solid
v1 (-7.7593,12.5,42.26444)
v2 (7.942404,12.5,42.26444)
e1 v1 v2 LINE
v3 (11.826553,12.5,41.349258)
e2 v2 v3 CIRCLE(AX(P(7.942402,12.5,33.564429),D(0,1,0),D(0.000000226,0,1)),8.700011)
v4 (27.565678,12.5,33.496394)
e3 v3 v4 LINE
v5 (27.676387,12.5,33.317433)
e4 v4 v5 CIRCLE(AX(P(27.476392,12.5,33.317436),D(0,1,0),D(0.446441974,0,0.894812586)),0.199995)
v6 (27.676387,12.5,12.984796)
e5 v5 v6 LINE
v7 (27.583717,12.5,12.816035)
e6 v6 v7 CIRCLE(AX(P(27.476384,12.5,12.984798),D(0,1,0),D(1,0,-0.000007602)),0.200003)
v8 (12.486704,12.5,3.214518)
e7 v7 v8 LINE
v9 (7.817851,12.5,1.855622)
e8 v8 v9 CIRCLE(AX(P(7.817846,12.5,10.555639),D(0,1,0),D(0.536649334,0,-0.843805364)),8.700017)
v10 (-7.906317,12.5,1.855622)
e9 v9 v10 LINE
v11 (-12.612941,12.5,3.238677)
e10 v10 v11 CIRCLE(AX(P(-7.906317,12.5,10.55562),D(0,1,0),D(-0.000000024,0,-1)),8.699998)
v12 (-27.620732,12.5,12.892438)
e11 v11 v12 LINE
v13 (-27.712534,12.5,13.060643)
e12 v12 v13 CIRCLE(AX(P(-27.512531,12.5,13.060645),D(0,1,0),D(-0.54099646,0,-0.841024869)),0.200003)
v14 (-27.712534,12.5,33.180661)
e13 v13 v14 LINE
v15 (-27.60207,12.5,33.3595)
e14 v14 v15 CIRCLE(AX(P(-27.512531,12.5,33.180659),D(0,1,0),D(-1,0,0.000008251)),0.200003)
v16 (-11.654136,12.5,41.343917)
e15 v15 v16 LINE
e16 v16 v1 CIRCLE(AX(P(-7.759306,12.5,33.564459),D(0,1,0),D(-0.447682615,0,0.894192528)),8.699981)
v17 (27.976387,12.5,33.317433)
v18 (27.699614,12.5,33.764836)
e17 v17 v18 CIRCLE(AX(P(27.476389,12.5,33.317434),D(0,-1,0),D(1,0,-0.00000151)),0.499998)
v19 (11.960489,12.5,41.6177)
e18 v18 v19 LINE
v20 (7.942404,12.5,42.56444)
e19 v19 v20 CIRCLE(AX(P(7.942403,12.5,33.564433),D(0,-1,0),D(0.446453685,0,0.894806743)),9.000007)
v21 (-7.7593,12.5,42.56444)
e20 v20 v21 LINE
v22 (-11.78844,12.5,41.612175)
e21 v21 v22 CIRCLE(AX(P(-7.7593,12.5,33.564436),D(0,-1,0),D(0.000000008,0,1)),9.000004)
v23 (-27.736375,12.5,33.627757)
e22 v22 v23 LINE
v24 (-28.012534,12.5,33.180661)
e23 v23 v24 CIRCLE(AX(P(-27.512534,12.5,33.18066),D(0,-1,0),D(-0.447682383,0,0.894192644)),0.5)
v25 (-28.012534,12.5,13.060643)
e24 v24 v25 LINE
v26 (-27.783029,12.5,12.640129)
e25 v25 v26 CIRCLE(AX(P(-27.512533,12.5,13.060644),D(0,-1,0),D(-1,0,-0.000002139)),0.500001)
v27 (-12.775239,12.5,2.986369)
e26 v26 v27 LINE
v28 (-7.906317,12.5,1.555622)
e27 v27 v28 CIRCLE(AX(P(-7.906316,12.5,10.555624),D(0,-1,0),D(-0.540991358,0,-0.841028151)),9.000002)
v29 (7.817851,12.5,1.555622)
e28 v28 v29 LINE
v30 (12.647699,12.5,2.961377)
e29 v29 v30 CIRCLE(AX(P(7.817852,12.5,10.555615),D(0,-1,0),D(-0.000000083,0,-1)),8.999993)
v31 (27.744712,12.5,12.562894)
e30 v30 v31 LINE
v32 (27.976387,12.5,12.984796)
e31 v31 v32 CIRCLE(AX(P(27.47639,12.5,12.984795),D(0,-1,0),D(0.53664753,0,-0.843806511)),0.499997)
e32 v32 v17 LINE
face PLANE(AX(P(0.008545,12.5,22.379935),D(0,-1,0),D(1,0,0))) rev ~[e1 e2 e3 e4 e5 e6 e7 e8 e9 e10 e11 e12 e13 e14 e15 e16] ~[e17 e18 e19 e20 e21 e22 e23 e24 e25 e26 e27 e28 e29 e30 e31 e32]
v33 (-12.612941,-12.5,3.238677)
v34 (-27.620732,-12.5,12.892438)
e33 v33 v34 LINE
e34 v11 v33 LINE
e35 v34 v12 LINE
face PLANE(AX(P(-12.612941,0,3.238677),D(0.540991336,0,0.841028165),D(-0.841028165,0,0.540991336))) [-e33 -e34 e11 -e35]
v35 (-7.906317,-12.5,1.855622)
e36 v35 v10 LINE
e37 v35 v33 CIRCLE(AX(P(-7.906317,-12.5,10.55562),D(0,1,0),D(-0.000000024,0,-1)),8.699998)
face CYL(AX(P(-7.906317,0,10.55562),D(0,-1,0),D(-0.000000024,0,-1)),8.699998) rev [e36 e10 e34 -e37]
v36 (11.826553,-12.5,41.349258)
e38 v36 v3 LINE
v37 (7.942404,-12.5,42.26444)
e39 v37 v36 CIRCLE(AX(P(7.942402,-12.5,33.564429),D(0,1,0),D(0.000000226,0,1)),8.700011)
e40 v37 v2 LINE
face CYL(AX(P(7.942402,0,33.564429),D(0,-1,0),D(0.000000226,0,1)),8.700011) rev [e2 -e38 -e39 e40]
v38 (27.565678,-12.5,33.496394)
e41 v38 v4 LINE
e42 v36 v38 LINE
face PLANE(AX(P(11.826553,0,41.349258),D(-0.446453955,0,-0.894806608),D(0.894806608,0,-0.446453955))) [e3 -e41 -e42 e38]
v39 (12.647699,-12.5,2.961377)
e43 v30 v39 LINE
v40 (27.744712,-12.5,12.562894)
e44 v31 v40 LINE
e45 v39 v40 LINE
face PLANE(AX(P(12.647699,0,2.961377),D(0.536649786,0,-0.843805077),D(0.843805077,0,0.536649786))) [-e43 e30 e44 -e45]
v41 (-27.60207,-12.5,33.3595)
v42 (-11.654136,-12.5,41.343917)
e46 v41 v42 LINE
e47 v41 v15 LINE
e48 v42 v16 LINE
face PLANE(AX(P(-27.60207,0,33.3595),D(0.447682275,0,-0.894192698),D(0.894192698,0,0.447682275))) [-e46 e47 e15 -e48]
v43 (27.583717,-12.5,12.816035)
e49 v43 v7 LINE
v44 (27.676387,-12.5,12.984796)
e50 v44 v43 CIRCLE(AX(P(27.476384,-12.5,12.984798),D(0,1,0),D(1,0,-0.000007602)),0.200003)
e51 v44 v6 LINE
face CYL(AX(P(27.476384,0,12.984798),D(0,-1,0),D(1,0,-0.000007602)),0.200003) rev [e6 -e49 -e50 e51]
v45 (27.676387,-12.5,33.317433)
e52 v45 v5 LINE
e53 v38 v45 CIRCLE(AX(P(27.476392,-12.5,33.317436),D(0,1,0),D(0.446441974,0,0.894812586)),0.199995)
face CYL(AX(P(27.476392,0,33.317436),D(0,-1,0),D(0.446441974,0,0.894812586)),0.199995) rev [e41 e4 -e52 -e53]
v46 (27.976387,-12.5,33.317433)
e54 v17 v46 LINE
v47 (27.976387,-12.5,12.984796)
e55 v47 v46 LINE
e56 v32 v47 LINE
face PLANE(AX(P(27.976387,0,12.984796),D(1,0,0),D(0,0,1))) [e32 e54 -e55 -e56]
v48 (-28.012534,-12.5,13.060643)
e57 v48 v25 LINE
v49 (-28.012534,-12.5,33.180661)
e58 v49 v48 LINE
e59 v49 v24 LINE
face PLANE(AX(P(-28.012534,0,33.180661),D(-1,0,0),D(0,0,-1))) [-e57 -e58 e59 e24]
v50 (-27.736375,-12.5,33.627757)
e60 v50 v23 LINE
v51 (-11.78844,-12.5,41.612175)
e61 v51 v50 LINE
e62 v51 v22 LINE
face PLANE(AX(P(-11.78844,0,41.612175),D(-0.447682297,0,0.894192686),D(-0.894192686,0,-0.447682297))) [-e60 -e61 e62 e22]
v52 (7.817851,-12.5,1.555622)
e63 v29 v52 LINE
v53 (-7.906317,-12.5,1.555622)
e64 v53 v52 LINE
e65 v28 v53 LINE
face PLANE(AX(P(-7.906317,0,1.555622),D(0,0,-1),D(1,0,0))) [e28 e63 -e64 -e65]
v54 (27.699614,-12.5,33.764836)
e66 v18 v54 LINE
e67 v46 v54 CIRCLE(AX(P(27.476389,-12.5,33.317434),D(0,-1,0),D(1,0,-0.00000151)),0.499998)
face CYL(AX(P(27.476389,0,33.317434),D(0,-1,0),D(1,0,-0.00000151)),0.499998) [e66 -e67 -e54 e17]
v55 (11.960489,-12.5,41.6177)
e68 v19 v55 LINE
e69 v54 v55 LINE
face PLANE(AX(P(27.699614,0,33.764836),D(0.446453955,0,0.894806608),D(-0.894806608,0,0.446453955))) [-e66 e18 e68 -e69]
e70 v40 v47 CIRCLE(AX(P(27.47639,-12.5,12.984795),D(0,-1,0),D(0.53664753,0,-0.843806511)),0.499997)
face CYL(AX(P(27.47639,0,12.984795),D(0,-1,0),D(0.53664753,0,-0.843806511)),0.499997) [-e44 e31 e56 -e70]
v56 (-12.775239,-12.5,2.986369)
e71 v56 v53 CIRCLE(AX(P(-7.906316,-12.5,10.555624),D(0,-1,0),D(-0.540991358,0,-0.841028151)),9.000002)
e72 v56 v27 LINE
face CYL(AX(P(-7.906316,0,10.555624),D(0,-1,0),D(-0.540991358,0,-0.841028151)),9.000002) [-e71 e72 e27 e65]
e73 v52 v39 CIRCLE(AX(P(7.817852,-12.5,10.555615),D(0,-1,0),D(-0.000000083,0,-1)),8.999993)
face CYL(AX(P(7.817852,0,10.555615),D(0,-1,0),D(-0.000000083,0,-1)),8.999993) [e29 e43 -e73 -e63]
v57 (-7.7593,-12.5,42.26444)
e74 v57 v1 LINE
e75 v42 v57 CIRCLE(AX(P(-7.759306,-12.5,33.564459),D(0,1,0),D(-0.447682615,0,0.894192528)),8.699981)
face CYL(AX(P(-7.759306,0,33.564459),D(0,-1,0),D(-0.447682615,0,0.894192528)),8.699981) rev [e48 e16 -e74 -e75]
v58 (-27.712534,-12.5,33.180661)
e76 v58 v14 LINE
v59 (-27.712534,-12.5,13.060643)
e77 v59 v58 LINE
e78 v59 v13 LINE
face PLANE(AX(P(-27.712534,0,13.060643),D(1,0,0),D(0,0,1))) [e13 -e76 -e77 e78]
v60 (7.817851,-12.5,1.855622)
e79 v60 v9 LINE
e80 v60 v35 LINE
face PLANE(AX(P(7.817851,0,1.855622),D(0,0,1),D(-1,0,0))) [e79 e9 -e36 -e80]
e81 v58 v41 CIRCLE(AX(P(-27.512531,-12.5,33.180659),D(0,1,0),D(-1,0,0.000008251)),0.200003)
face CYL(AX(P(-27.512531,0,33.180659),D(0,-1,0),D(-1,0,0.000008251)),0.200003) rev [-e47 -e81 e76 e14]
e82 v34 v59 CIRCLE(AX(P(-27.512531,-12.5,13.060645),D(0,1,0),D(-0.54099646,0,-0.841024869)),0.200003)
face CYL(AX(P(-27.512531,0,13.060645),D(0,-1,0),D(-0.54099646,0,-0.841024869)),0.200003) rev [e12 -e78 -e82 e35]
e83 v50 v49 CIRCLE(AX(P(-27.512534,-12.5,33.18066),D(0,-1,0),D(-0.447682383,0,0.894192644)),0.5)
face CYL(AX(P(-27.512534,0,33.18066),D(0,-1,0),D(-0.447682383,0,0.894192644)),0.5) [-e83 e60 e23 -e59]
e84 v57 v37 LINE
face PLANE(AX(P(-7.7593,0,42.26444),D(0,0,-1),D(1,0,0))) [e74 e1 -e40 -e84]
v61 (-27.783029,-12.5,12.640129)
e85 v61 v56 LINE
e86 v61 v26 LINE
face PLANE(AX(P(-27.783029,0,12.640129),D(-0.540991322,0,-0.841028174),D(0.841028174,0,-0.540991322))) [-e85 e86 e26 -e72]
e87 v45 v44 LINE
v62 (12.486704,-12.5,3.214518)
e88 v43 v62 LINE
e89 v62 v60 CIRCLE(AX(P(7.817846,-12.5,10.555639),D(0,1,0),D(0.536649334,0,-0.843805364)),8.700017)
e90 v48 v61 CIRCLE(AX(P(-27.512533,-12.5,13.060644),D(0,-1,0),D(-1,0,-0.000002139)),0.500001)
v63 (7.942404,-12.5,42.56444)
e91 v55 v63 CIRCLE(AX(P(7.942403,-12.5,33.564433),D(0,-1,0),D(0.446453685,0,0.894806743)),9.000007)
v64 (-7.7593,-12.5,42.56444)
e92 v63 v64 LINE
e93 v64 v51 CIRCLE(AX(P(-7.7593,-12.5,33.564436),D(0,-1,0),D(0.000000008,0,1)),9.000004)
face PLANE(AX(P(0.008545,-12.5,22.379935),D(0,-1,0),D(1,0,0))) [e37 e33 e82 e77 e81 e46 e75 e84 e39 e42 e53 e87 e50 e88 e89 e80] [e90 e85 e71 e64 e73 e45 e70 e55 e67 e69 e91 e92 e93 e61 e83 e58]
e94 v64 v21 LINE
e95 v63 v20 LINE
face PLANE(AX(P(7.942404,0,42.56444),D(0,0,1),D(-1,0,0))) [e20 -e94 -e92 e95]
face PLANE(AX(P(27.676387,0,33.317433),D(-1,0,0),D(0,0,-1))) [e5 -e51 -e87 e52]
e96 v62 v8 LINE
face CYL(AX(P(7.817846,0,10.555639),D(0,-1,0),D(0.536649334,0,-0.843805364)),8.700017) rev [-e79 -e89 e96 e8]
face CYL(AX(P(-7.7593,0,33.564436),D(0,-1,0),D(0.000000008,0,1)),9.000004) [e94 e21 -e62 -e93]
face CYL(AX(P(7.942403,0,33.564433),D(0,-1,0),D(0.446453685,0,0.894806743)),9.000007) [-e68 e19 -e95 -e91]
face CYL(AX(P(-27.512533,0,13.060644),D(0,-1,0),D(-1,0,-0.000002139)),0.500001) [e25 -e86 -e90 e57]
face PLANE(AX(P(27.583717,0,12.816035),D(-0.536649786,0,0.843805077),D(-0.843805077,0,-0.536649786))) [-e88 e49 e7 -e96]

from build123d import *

# Parameters (mm, degrees)
F1_DEPTH = 12.5


with BuildPart() as f1:
    # F0 (on Front) → F1 (new body, symmetric)
    with BuildSketch(Plane.XZ):
        with BuildLine():
            ThreePointArc((-12.775239, 2.986369), (-10.443709, 1.920714), (-7.906317, 1.555622))
            Line((-7.906317, 1.555622), (7.817851, 1.555622))
            ThreePointArc((7.817851, 1.555622), (10.332984, 1.914204), (12.647699, 2.961377))
            Line((12.647699, 2.961377), (27.744712, 12.562894))
            ThreePointArc((27.744712, 12.562894), (27.914658, 12.744133), (27.976387, 12.984796))
            Line((27.976387, 12.984796), (27.976387, 33.317433))
            ThreePointArc((27.976387, 33.317433), (27.901601, 33.580479), (27.699614, 33.764836))
            Line((27.699614, 33.764836), (11.960489, 41.6177))
            ThreePointArc((11.960489, 41.6177), (10.006461, 42.324558), (7.942404, 42.56444))
            Line((7.942404, 42.56444), (-7.7593, 42.56444))
            ThreePointArc((-7.7593, 42.56444), (-9.829371, 42.323139), (-11.78844, 41.612175))
            Line((-11.78844, 41.612175), (-27.736375, 33.627757))
            ThreePointArc((-27.736375, 33.627757), (-27.937928, 33.443415), (-28.012534, 33.180661))
            Line((-28.012534, 33.180661), (-28.012534, 13.060643))
            ThreePointArc((-28.012534, 13.060643), (-27.951423, 12.82111), (-27.783029, 12.640129))
            Line((-27.783029, 12.640129), (-12.775239, 2.986369))
        make_face()
        with BuildLine():
            Line((-12.612941, 3.238677), (-27.620732, 12.892438))
            ThreePointArc((-27.620732, 12.892438), (-27.688089, 12.96483), (-27.712534, 13.060643))
            Line((-27.712534, 13.060643), (-27.712534, 33.180661))
            ThreePointArc((-27.712534, 33.180661), (-27.682691, 33.285763), (-27.60207, 33.3595))
            Line((-27.60207, 33.3595), (-11.654136, 41.343917))
            ThreePointArc((-11.654136, 41.343917), (-9.760369, 42.031183), (-7.7593, 42.26444))
            Line((-7.7593, 42.26444), (7.942404, 42.26444))
            ThreePointArc((7.942404, 42.26444), (9.937659, 42.032554), (11.826553, 41.349258))
            Line((11.826553, 41.349258), (27.565678, 33.496394))
            ThreePointArc((27.565678, 33.496394), (27.646473, 33.422652), (27.676387, 33.317433))
            Line((27.676387, 33.317433), (27.676387, 12.984796))
            ThreePointArc((27.676387, 12.984796), (27.651695, 12.888531), (27.583717, 12.816035))
            Line((27.583717, 12.816035), (12.486704, 3.214518))
            ThreePointArc((12.486704, 3.214518), (10.249146, 2.202252), (7.817851, 1.855622))
            Line((7.817851, 1.855622), (-7.906317, 1.855622))
            ThreePointArc((-7.906317, 1.855622), (-10.359129, 2.208544), (-12.612941, 3.238677))
        make_face(mode=Mode.SUBTRACT)
    extrude(amount=F1_DEPTH, both=True)


solid = f1.part
